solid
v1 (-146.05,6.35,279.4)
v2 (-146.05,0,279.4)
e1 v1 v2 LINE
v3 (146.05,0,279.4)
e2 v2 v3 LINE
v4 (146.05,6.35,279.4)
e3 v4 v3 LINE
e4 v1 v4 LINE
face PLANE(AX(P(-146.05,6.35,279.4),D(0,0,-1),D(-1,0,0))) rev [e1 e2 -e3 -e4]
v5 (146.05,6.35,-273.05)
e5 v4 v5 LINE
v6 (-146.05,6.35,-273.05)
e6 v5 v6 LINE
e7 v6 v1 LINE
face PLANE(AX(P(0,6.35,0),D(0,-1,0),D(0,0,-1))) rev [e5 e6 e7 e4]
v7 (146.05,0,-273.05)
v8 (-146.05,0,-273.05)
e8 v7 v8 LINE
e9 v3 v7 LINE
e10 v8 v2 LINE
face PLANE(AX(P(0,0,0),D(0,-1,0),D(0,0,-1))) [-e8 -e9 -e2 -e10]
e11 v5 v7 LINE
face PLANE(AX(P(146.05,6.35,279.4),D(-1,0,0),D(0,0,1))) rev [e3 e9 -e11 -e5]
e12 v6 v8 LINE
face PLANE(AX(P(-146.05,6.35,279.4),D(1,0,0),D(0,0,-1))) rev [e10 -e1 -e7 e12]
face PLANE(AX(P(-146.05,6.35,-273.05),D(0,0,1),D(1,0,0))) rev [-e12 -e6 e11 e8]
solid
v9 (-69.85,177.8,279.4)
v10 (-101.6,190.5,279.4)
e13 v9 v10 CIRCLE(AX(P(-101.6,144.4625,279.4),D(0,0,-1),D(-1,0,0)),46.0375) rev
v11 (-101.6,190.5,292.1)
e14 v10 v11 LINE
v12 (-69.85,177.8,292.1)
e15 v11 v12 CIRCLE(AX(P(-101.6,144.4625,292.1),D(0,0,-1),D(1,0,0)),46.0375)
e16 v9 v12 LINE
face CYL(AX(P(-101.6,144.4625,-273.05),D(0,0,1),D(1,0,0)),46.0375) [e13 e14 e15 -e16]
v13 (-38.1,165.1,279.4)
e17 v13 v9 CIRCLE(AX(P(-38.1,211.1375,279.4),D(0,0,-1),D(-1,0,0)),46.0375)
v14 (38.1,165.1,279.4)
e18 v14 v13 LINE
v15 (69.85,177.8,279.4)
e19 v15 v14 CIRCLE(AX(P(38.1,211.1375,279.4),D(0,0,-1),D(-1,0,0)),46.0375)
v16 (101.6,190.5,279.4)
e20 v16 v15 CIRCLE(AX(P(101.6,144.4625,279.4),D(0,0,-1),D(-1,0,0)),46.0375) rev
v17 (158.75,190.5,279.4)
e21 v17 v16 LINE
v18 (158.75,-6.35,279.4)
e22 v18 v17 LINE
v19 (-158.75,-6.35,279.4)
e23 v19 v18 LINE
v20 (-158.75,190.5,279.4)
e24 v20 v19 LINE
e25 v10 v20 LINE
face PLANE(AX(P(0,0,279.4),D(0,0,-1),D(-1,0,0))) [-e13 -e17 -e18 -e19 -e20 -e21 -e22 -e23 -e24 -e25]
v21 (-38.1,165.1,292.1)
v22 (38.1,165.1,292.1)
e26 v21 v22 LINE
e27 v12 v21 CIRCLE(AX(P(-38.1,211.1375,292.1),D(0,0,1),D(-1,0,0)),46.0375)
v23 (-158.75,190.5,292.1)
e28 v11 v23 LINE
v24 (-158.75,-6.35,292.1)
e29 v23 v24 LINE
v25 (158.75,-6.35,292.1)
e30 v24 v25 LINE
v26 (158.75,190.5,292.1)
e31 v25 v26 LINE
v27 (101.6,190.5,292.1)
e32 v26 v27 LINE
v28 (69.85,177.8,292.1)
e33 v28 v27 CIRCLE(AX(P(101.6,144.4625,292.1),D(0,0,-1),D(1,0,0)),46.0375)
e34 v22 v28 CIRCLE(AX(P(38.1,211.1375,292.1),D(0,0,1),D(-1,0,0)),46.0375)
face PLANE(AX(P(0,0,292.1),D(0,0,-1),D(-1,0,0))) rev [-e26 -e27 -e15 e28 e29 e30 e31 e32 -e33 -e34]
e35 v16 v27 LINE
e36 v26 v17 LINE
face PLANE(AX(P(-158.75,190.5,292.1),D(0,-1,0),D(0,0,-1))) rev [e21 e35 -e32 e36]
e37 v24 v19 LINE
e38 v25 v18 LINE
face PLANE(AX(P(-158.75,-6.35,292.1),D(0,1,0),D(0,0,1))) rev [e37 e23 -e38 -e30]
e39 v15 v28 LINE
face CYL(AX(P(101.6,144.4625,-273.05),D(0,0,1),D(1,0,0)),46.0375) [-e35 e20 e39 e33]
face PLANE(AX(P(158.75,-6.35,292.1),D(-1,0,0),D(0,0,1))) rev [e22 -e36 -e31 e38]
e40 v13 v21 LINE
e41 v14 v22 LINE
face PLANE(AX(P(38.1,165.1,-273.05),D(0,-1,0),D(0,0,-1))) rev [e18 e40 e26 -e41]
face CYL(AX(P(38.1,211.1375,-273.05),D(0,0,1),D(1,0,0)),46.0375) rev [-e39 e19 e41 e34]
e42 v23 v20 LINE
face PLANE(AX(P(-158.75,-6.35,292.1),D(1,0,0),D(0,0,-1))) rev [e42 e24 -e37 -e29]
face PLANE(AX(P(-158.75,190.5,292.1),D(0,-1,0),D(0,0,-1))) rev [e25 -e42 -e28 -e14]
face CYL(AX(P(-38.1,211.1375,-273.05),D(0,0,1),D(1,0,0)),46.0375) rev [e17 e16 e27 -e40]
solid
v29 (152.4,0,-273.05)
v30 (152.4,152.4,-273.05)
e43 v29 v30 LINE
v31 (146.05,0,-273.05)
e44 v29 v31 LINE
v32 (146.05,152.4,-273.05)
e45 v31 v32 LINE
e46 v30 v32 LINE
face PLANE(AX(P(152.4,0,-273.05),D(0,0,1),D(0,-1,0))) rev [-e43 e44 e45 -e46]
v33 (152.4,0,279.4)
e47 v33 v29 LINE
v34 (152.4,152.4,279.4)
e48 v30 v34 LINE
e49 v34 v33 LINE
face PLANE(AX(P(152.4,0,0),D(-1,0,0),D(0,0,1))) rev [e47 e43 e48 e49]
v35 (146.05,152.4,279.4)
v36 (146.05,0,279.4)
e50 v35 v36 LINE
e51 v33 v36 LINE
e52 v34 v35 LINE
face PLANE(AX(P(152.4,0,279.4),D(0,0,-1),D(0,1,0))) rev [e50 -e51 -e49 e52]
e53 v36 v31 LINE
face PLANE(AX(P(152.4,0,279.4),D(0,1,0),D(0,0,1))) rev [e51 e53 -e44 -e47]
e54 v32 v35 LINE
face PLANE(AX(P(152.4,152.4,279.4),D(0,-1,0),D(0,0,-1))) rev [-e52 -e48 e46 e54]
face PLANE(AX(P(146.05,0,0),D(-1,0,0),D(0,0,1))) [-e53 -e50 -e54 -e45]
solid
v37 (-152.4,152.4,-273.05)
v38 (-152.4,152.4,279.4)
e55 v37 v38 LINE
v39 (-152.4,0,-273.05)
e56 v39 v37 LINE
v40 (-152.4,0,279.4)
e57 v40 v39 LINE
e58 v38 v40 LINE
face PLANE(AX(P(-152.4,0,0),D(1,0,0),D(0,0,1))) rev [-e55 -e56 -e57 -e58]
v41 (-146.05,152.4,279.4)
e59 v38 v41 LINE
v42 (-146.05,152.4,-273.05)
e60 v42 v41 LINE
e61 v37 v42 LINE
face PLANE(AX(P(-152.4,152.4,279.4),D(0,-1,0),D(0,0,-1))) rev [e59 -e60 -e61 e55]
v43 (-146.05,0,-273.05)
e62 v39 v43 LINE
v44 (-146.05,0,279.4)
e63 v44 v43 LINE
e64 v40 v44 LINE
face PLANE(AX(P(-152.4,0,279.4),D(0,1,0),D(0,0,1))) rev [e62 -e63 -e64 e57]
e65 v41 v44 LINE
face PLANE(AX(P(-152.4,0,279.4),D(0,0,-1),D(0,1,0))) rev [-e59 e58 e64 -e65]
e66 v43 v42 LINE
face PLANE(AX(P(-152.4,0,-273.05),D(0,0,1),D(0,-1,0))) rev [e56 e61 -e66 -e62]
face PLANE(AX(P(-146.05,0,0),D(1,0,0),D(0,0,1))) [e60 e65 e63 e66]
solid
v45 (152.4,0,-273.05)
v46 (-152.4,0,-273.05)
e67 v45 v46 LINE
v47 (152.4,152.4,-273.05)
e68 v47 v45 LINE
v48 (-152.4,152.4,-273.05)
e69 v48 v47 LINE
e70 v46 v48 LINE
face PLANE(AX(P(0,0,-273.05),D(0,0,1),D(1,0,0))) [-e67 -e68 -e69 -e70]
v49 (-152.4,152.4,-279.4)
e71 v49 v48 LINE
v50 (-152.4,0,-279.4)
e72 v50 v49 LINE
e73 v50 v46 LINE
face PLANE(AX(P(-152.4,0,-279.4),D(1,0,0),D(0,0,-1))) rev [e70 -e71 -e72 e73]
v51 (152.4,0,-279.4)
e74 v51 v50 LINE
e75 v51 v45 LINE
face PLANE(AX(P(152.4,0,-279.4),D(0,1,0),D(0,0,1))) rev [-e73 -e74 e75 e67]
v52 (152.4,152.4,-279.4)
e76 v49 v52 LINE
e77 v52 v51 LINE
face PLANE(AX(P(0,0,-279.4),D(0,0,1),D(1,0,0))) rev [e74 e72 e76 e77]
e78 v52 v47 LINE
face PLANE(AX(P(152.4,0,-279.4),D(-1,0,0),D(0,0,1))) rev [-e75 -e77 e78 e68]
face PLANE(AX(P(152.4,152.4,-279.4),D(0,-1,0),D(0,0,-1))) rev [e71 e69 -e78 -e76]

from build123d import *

# Parameters (mm, degrees)
SKETCH1_W           = 292.1
SKETCH1_H           = 552.45
BOSS_EXTRUDE1_DEPTH = 6.35
SKETCH2_W           = 317.5
SKETCH2_H           = 196.85
BOSS_EXTRUDE2_DEPTH = 12.7
CUT_EXTRUDE1_DEPTH  = 618.159894193
SKETCH4_W           = 552.45
SKETCH4_H           = 152.4
BOSS_EXTRUDE3_DEPTH = 6.35
SKETCH5_W           = 304.8
SKETCH5_H           = 152.4
BOSS_EXTRUDE4_DEPTH = 6.35


with BuildPart() as part:
    # Sketch1 → Boss-Extrude1 (new body)
    with BuildSketch(Plane(origin=(0, 0, 0), x_dir=(1, 0, 0), z_dir=(0, 1, 0))):
        with Locations((0, -3.175)):
            Rectangle(SKETCH1_W, SKETCH1_H)
    extrude(amount=BOSS_EXTRUDE1_DEPTH)


with BuildPart() as body_2:
    # Sketch2 → Boss-Extrude2 (new body)
    with BuildSketch(Plane.XY.offset(279.4)):
        with Locations((0, 92.075)):
            Rectangle(SKETCH2_W, SKETCH2_H)
    extrude(amount=BOSS_EXTRUDE2_DEPTH)

    # Sketch3 → Cut-Extrude1 (cut, through all)
    with BuildSketch(Plane.XY.offset(292.1)):
        with BuildLine():
            Line((-101.6, 203.2), (101.6, 203.2))
            Line((101.6, 203.2), (101.6, 190.5))
            ThreePointArc((101.6, 190.5), (84.502101737, 187.207245657), (69.85, 177.8))
            ThreePointArc((69.85, 177.8), (55.197898263, 168.392754343), (38.1, 165.1))
            Line((38.1, 165.1), (-38.1, 165.1))
            ThreePointArc((-38.1, 165.1), (-55.197898263, 168.392754343), (-69.85, 177.8))
            ThreePointArc((-69.85, 177.8), (-84.502101737, 187.207245657), (-101.6, 190.5))
            Line((-101.6, 190.5), (-101.6, 203.2))
        make_face()
    extrude(amount=-CUT_EXTRUDE1_DEPTH, mode=Mode.SUBTRACT)


with BuildPart() as body_3:
    # Sketch4 → Boss-Extrude3 (new body)
    with BuildSketch(Plane(origin=(146.05, 0, 0), x_dir=(0, 0, -1), z_dir=(1, 0, 0))):
        with Locations((-3.175, 76.2)):
            Rectangle(SKETCH4_W, SKETCH4_H)
    extrude(amount=BOSS_EXTRUDE3_DEPTH)


with BuildPart() as body_4:
    # Mirror2: mirrored copy
    add(body_3.part.mirror(Plane(origin=(0, 0, 0), x_dir=(0, 0, 1), z_dir=(1, 0, 0))))


with BuildPart() as body_5:
    # Sketch5 → Boss-Extrude4 (new body)
    with BuildSketch(Plane(origin=(0, 0, -273.05), x_dir=(-1, 0, 0), z_dir=(0, 0, -1))):
        with Locations((0, 76.2)):
            Rectangle(SKETCH5_W, SKETCH5_H)
    extrude(amount=BOSS_EXTRUDE4_DEPTH)


solid = Compound([part.part, body_2.part, body_3.part, body_4.part, body_5.part])
